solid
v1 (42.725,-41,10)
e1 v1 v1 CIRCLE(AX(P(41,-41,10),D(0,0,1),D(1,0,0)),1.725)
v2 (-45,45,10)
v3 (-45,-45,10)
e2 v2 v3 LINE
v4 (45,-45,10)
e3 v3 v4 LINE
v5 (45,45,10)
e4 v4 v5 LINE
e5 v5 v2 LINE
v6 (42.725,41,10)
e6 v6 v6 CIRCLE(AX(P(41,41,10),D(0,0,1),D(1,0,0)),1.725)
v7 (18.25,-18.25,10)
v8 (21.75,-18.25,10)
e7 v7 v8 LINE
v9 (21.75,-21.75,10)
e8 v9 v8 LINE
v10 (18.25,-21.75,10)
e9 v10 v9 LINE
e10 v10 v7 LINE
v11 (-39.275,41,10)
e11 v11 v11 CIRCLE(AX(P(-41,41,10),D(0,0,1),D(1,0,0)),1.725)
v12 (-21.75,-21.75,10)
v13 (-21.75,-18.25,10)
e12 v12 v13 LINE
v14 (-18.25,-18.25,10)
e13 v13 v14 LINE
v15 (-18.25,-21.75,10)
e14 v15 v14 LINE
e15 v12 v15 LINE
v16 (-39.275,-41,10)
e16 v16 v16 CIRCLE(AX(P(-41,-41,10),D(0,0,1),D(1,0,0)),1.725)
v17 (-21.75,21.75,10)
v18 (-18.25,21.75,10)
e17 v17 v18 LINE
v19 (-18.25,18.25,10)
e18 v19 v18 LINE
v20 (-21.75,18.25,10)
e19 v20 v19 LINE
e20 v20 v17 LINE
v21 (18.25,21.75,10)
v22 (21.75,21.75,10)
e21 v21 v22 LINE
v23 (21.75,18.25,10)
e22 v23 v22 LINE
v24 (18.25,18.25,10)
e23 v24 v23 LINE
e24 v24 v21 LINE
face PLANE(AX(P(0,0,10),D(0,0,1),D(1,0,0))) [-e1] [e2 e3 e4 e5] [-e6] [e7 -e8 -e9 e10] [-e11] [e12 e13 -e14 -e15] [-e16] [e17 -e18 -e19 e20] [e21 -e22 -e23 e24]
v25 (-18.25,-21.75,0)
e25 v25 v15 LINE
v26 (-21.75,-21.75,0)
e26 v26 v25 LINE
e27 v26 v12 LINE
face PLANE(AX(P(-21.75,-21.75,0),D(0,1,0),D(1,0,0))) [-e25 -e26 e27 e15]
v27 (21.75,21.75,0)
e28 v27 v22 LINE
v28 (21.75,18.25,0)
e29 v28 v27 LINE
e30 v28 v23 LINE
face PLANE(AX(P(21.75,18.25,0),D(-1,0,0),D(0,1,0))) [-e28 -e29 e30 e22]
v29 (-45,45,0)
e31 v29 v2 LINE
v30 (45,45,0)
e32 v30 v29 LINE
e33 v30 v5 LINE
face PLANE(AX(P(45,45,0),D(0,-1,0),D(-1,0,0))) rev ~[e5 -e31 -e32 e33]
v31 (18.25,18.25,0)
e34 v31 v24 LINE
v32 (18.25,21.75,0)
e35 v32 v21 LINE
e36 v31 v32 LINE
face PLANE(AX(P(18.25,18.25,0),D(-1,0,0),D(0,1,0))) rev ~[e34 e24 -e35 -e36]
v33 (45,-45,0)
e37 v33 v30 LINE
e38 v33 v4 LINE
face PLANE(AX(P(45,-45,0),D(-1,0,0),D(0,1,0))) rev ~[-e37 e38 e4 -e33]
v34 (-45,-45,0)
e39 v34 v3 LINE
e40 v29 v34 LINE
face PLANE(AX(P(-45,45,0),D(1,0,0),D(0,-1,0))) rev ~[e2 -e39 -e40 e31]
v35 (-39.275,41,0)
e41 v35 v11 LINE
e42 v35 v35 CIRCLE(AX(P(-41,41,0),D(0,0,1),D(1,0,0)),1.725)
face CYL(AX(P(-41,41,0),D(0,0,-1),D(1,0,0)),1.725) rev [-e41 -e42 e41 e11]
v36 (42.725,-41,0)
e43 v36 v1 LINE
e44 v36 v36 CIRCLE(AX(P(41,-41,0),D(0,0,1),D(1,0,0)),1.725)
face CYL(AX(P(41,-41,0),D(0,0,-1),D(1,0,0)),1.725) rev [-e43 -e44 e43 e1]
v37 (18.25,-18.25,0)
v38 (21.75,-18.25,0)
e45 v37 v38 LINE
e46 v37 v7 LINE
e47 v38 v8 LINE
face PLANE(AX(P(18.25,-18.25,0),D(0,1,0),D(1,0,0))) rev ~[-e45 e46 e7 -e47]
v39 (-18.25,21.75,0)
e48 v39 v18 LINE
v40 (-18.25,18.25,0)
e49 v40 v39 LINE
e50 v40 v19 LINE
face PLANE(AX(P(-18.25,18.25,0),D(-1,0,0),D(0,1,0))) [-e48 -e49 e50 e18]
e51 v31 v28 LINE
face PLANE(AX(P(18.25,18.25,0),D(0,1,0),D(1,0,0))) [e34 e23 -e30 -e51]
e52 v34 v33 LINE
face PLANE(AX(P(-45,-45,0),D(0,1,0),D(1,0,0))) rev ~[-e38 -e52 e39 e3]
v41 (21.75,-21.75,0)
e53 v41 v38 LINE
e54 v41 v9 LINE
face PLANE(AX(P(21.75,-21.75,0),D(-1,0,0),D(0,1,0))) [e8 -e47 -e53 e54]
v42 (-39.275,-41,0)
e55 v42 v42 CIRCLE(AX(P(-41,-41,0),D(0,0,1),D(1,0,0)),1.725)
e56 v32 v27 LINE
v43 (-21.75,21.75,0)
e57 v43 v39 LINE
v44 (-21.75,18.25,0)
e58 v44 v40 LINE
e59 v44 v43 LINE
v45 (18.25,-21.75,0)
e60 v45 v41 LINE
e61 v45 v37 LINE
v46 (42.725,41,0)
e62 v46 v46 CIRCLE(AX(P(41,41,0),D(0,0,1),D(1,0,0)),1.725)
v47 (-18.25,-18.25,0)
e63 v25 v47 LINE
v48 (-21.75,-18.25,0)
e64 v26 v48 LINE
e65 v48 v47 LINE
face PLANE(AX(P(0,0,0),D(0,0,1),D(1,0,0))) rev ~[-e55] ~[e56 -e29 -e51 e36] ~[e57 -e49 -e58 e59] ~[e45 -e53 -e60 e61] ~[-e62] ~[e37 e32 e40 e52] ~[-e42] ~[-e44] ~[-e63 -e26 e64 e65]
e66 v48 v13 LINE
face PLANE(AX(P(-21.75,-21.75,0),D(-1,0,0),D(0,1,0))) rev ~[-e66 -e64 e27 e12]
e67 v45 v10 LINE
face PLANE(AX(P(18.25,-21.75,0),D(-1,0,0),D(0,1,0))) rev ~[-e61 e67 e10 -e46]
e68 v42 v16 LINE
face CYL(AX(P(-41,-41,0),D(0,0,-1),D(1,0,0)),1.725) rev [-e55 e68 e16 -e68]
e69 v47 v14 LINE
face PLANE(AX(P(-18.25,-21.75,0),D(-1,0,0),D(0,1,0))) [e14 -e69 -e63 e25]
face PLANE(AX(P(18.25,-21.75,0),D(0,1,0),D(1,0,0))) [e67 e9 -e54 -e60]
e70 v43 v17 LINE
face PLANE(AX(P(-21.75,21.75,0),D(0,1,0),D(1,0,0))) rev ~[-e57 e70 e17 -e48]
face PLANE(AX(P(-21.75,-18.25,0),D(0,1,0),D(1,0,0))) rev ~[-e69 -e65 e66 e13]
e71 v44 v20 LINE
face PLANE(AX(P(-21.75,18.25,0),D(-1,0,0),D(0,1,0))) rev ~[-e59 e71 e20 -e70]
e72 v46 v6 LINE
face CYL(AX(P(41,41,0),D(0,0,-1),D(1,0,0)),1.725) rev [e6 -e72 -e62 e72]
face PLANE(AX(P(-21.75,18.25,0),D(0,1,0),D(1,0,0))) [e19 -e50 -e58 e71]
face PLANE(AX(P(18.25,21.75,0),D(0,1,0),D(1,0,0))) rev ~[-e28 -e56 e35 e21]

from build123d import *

# Parameters (mm, degrees)
F0_R     = 1.725
F0_W     = 3.5
F0_H     = 3.5
F1_DEPTH = 10


with BuildPart() as f1:
    # F0 (on Top) → F1 (new body)
    with BuildSketch(Plane.XY):
        Polygon((45, -45), (45, 0), (45, 45), (0, 45), (-45, 45), (-45, 0), (-45, -45), (0, -45), align=None)
        with Locations((-41, -41)):
            Circle(F0_R, mode=Mode.SUBTRACT)
        with Locations((-20, -20)):
            Rectangle(F0_W, F0_H, mode=Mode.SUBTRACT)
        with Locations((41, -41)):
            Circle(F0_R, mode=Mode.SUBTRACT)
        with Locations((20, -20)):
            Rectangle(F0_W, F0_H, mode=Mode.SUBTRACT)
        with Locations((-20, 20)):
            Rectangle(F0_W, F0_H, mode=Mode.SUBTRACT)
        with Locations((-41, 41)):
            Circle(F0_R, mode=Mode.SUBTRACT)
        with Locations((20, 20)):
            Rectangle(F0_W, F0_H, mode=Mode.SUBTRACT)
        with Locations((41, 41)):
            Circle(F0_R, mode=Mode.SUBTRACT)
    extrude(amount=F1_DEPTH)


solid = f1.part
